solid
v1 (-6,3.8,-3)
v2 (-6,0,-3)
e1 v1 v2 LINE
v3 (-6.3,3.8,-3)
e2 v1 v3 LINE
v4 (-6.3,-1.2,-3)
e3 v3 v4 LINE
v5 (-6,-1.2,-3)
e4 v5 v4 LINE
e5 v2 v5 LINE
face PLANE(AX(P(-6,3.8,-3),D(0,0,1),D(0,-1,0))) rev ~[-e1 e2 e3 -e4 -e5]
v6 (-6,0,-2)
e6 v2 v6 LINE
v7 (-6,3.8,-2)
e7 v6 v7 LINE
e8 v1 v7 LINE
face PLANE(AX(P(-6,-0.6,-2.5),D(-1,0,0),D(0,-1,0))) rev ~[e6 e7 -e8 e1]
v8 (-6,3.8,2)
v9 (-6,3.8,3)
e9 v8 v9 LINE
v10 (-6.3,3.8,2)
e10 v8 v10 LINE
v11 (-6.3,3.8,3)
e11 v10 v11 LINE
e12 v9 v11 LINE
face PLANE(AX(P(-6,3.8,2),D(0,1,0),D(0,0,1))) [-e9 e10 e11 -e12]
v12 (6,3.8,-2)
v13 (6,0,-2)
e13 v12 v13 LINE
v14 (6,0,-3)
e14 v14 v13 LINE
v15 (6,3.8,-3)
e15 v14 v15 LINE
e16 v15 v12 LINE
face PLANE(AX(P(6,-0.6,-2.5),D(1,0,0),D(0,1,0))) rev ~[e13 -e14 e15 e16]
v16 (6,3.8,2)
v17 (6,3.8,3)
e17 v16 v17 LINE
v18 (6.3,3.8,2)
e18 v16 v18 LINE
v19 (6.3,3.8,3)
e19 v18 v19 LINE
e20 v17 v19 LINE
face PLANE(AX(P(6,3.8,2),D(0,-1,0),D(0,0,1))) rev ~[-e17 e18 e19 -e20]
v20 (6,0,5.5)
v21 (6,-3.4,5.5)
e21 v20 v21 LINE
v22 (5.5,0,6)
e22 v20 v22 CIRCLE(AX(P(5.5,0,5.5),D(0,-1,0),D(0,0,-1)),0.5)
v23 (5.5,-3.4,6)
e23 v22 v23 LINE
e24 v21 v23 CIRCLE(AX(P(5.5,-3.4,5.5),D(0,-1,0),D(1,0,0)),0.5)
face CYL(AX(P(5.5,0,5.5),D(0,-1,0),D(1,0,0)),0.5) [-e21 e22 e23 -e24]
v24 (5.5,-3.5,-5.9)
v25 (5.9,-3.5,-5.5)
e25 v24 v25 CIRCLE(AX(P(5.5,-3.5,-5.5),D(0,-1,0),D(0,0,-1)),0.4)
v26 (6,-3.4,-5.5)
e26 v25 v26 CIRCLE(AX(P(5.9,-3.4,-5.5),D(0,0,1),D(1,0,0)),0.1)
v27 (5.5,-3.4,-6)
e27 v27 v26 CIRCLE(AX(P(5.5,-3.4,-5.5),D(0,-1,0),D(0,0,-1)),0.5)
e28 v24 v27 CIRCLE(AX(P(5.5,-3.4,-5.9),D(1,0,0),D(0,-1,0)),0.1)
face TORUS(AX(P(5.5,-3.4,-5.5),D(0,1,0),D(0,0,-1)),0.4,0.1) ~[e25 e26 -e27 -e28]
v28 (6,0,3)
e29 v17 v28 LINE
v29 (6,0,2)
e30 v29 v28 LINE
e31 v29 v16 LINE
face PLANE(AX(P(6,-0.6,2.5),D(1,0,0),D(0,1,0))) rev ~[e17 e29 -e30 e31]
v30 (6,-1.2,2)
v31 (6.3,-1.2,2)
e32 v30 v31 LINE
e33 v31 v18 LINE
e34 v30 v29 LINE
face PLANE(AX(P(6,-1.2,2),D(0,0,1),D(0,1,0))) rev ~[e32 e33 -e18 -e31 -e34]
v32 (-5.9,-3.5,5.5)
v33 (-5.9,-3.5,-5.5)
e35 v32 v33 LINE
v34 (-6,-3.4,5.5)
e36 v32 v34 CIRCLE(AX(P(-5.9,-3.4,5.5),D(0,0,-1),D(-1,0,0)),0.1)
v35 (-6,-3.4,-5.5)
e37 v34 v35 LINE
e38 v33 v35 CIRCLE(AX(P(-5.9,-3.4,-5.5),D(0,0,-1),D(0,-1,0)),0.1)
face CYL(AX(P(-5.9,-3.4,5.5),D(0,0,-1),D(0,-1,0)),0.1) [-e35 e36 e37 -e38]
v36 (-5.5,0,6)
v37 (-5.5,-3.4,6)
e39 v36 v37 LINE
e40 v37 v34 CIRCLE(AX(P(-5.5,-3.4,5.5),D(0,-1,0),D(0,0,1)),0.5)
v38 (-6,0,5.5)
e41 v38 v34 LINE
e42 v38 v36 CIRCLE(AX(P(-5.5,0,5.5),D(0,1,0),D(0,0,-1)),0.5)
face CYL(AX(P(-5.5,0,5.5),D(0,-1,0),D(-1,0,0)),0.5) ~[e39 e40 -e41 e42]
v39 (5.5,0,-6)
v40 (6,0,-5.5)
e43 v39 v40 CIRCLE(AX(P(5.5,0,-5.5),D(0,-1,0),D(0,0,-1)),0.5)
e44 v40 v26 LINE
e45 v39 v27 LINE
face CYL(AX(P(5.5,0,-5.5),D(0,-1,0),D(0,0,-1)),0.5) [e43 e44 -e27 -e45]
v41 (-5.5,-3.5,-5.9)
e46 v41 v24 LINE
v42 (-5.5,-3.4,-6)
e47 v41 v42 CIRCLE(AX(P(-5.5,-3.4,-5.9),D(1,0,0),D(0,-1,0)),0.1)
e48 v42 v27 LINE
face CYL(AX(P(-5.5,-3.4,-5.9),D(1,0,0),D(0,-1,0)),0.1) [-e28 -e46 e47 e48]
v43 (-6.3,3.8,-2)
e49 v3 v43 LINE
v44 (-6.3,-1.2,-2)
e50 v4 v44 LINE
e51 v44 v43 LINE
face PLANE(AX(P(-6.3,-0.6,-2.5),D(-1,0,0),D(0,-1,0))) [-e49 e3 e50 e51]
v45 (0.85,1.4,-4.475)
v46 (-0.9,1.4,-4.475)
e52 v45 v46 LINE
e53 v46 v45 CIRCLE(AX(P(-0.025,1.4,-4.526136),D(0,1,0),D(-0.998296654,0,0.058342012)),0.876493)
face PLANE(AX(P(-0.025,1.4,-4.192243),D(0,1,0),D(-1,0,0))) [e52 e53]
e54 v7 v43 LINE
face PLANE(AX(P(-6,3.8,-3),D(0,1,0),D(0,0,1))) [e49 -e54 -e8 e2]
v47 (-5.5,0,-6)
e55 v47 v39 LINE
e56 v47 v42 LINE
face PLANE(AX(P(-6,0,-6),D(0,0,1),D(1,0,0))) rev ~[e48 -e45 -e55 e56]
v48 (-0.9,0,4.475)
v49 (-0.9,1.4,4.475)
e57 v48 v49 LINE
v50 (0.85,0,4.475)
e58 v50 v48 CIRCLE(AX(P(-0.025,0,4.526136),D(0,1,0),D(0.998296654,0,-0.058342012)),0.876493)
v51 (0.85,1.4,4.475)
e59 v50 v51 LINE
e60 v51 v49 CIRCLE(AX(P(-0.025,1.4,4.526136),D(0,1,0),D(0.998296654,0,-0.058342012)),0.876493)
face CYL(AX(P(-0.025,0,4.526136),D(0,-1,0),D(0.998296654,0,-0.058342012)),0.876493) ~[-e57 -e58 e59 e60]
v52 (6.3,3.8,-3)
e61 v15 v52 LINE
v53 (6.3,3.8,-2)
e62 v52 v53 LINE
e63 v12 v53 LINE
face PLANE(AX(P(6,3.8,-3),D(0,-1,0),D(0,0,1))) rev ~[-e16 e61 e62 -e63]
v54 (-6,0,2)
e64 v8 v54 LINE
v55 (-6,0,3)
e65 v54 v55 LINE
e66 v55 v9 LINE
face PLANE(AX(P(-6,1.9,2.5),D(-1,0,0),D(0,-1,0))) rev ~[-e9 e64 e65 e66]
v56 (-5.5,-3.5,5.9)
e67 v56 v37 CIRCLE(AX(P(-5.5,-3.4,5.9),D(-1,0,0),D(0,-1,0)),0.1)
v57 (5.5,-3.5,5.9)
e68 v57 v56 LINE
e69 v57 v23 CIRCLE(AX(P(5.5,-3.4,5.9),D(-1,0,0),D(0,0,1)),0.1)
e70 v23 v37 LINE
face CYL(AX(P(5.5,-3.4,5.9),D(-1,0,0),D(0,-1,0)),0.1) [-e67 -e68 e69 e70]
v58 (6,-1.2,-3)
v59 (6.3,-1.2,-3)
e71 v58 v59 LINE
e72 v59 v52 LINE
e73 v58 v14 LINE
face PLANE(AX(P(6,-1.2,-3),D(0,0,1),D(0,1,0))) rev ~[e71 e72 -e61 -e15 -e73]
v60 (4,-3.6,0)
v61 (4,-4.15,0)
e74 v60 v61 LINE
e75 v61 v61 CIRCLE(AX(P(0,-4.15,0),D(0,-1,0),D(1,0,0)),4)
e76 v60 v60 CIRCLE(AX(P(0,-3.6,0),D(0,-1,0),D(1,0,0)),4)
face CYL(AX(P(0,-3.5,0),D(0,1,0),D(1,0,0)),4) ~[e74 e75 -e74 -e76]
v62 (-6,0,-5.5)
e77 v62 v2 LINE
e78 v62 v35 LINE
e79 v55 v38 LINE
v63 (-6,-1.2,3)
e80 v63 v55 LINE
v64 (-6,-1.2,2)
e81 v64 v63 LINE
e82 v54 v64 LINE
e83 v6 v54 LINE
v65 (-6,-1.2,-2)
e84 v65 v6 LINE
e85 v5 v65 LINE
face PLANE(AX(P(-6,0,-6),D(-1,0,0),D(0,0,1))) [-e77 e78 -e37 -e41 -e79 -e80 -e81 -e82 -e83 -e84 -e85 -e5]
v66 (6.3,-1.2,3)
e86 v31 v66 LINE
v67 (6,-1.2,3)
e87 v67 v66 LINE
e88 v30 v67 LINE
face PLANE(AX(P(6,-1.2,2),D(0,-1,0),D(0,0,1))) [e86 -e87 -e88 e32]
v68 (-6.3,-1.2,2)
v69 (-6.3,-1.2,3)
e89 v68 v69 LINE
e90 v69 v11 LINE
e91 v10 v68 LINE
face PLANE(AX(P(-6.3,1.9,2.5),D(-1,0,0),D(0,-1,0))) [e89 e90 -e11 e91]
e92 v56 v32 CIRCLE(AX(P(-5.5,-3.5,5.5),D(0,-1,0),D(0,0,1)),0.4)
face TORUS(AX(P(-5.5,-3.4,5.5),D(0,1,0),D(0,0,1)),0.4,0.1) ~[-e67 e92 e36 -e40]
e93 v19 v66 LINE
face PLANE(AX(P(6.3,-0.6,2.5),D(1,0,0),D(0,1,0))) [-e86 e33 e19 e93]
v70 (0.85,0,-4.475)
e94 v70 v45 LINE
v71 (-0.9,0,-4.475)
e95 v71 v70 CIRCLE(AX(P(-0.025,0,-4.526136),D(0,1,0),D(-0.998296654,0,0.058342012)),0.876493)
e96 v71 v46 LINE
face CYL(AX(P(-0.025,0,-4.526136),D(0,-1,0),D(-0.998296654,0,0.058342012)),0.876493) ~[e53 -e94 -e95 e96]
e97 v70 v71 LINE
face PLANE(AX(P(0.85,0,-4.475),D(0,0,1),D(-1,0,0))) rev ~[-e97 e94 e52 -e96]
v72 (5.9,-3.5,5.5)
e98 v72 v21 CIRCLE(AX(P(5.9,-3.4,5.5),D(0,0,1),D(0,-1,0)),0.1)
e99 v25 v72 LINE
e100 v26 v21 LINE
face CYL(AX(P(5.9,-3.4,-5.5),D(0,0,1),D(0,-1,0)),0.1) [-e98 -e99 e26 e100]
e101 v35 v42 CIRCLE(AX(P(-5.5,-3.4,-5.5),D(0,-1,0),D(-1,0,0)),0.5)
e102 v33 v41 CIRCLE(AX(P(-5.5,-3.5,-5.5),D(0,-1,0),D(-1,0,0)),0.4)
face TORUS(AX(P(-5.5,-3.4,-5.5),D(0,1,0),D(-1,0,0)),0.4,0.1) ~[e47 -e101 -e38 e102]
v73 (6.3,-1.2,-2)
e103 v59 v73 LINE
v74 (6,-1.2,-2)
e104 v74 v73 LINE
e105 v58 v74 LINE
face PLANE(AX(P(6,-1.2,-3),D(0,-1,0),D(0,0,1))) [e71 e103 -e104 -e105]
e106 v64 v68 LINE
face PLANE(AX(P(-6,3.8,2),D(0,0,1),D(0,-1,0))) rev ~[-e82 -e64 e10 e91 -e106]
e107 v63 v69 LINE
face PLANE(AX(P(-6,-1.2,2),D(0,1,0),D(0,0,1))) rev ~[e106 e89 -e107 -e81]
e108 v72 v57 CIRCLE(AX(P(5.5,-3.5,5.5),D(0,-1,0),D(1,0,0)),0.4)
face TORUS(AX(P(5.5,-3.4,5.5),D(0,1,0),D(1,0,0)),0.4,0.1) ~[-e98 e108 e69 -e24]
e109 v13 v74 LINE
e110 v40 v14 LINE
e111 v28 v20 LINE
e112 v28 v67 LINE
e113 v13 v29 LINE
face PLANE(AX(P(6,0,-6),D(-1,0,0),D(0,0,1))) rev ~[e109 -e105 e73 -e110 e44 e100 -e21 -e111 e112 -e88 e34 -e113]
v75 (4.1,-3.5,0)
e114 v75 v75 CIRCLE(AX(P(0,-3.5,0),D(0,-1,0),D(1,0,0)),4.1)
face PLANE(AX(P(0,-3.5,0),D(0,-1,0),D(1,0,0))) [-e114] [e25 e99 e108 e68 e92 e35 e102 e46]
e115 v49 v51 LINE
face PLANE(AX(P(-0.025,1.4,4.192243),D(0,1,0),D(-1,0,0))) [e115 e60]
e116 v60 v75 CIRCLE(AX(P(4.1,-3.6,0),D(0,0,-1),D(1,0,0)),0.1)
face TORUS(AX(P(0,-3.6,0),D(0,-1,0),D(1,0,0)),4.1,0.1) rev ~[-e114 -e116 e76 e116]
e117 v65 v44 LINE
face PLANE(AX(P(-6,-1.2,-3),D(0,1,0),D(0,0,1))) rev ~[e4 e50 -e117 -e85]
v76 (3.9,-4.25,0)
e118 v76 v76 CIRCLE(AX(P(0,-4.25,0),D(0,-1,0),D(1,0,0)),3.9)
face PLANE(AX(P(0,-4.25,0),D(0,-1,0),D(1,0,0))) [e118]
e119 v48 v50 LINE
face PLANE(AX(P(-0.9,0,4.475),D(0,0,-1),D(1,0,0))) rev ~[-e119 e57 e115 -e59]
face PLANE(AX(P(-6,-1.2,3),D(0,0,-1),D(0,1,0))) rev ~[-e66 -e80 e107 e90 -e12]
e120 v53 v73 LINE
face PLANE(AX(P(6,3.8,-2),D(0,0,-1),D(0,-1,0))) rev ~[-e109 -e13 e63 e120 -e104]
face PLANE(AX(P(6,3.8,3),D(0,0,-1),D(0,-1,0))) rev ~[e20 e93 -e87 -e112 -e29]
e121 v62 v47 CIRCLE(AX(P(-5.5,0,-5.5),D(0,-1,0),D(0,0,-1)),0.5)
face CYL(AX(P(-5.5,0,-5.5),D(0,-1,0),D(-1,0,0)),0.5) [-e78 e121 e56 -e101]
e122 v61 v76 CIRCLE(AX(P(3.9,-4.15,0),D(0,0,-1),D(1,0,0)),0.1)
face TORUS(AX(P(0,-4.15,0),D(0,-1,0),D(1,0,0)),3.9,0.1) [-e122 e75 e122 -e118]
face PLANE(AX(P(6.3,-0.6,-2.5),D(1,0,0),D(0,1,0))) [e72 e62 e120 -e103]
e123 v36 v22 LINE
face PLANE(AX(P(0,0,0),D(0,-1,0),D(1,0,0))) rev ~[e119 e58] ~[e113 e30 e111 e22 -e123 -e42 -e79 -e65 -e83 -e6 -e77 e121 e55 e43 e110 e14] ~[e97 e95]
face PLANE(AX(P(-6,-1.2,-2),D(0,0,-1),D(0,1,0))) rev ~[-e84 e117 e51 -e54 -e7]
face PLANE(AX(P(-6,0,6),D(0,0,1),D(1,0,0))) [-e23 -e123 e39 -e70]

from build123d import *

# Parameters (mm, degrees)
F0_W      = 12
F0_H      = 12
F1_DEPTH  = 3.5
F2_R      = 0.5
F3_R      = 4
F4_DEPTH  = 0.75
F5_R      = 0.1
F6_R      = 0.1
F7_W      = 3.8
F7_H      = 1
F7_W_2    = 1.2
F8_DEPTH  = 0.3
F9_W      = 1.2
F9_H      = 1
F9_W_2    = 3.8
F10_DEPTH = 0.3
F12_DEPTH = 1.4


with BuildPart() as f1:
    # F0 (on Front) → F1 (new body)
    with BuildSketch(Plane.XZ):
        Rectangle(F0_W, F0_H)
    extrude(amount=F1_DEPTH)

    # F2
    f2_edges = [f1.edges().sort_by_distance(p)[0] for p in [
        (6, -1.75, 6),
        (6, -1.75, -6),
        (-6, -1.75, -6),
        (-6, -1.75, 6),
    ]]
    fillet(f2_edges, radius=F2_R)

    # F3 (on face) → F4 (join)
    with BuildSketch(Plane.XZ.offset(3.5)):
        Circle(F3_R)
    extrude(amount=F4_DEPTH)

    # F5
    f5_edges = [f1.edges().sort_by_distance(p)[0] for p in [
        (-4, -4.25, 0),
    ]]
    fillet(f5_edges, radius=F5_R)

    # F6
    f6_edges = [f1.edges().sort_by_distance(p)[0] for p in [
        (0, -3.5, -6),
        (-5.853553, -3.5, -5.853553),
        (5.853553, -3.5, -5.853553),
        (-6, -3.5, 0),
        (6, -3.5, 0),
        (-5.853553, -3.5, 5.853553),
        (5.853553, -3.5, 5.853553),
        (0, -3.5, 6),
        (-4, -3.5, 0),
    ]]
    fillet(f6_edges, radius=F6_R)

    # F7 (on face) → F8 (join)
    with BuildSketch(Plane(origin=(-6, 0, 0), x_dir=(0, -1, 0), z_dir=(-1, 0, 0))):
        with Locations((-1.9, 2.5)):
            Rectangle(F7_W, F7_H)
        with Locations((0.6, 2.5)):
            Rectangle(F7_W_2, F7_H)
        with Locations((0.6, -2.5)):
            Rectangle(F7_W_2, F7_H)
        with Locations((-1.9, -2.5)):
            Rectangle(F7_W, F7_H)
    extrude(amount=F8_DEPTH)

    # F9 (on face) → F10 (join)
    with BuildSketch(Plane.YZ.offset(6)):
        with Locations((-0.6, 2.5)):
            Rectangle(F9_W, F9_H)
        with Locations((1.9, 2.5)):
            Rectangle(F9_W_2, F9_H)
        with Locations((-0.6, -2.5)):
            Rectangle(F9_W, F9_H)
        with Locations((1.9, -2.5)):
            Rectangle(F9_W_2, F9_H)
    extrude(amount=F10_DEPTH)

    # F11 (on face) → F12 (join)
    with BuildSketch(Plane(origin=(0, 0, 0), x_dir=(-1, 0, 0), z_dir=(0, 1, 0))):
        with BuildLine():
            Line((0.9, 4.475), (-0.85, 4.475))
            ThreePointArc((-0.85, 4.475), (0.025, 3.6496433929), (0.9, 4.475))
        make_face()
        with BuildLine():
            Line((-0.85, -4.475), (0.9, -4.475))
            ThreePointArc((0.9, -4.475), (0.025, -3.6496433929), (-0.85, -4.475))
        make_face()
    extrude(amount=F12_DEPTH)


solid = f1.part
